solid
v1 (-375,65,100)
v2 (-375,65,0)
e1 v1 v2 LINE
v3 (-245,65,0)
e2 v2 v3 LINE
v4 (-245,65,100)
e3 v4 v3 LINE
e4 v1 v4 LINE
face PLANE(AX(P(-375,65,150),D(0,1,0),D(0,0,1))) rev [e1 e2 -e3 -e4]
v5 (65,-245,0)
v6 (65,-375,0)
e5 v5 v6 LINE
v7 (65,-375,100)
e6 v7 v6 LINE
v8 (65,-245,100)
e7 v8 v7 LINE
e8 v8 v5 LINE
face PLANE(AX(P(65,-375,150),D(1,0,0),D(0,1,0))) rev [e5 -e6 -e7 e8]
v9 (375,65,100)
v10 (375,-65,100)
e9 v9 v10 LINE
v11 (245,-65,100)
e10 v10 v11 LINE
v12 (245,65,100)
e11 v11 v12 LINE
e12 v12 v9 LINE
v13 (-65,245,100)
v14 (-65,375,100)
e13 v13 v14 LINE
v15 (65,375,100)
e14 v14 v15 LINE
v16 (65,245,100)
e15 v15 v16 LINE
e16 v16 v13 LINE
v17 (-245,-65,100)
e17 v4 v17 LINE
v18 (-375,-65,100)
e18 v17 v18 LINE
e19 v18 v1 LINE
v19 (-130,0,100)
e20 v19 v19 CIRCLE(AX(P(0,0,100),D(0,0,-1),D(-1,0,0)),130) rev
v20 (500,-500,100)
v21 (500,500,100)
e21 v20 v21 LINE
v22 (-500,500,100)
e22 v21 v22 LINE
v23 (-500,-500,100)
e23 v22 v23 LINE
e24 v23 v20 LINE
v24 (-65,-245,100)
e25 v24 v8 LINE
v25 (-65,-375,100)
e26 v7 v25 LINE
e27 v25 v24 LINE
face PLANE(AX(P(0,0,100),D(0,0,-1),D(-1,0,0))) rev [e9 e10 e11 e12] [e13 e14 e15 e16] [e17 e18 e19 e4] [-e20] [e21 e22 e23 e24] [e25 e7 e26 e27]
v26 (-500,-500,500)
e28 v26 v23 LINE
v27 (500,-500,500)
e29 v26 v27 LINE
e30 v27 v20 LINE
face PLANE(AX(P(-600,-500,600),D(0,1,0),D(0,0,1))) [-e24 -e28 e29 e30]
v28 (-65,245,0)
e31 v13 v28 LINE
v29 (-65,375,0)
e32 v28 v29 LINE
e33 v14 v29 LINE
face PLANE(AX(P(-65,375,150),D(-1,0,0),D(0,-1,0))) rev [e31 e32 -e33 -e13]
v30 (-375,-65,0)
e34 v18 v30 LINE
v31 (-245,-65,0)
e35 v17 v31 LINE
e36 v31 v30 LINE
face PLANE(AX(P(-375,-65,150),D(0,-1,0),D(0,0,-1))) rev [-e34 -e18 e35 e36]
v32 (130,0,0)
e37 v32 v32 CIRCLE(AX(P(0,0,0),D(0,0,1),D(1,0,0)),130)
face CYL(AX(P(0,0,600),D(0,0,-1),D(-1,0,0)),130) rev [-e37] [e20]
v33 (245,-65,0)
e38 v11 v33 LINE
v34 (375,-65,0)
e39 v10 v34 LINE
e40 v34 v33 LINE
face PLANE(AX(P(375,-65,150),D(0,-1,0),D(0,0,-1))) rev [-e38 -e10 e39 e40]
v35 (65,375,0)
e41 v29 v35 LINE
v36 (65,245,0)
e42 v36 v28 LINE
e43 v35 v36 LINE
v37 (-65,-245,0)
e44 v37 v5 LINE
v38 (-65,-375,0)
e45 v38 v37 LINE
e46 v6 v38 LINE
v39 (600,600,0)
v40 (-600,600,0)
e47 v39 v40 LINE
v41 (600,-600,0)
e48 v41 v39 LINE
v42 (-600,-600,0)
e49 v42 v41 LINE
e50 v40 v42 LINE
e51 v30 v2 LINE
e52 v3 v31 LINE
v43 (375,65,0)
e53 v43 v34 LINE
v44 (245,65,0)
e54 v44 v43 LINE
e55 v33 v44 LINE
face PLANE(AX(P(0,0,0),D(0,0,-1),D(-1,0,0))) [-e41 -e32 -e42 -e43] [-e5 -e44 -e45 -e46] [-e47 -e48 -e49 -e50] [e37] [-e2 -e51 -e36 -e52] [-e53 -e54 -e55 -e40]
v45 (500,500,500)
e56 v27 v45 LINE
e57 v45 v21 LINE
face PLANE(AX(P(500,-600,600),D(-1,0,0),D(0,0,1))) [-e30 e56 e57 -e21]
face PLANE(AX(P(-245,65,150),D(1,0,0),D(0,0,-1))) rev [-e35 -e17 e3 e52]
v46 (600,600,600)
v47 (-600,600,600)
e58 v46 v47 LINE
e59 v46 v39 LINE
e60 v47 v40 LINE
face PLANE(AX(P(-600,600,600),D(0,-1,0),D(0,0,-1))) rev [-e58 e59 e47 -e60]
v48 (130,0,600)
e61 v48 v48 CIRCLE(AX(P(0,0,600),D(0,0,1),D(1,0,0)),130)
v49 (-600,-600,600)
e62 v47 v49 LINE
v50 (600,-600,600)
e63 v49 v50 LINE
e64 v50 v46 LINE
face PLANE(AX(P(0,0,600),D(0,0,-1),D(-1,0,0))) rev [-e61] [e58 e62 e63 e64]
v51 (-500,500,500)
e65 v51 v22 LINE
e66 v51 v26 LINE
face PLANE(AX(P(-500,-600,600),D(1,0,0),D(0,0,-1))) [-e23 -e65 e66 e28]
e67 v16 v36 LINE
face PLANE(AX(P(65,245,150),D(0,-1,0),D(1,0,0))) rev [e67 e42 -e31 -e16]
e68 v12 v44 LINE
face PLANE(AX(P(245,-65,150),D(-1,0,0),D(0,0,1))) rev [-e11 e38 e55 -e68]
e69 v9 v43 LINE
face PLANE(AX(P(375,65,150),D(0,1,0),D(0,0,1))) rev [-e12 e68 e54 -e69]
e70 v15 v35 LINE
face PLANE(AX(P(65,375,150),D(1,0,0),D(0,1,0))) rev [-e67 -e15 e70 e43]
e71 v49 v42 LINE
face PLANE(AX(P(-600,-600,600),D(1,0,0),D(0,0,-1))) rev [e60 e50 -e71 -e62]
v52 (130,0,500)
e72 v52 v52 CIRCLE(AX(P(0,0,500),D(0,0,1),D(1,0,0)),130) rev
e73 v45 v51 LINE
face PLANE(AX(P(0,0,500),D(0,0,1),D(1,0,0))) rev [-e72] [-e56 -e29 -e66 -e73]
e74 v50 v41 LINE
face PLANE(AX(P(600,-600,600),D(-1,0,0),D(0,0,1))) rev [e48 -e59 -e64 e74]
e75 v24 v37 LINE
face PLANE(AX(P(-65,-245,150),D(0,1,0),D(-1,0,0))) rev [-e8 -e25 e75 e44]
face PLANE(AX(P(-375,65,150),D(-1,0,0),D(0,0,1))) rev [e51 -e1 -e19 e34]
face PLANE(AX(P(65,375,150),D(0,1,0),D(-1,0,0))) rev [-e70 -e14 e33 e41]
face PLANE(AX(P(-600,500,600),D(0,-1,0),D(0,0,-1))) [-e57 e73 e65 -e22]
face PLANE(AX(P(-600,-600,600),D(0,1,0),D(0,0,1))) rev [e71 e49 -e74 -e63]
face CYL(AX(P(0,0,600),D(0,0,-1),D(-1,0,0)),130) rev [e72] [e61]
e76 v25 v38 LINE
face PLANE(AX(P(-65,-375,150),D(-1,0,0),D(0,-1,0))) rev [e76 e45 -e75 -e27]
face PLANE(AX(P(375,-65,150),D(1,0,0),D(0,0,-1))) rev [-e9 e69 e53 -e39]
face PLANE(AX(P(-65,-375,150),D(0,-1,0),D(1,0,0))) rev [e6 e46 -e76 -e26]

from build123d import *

# Parameters (mm, degrees)
SKETCH2_W           = 1200
SKETCH2_H           = 1200
BOSS_EXTRUDE1_DEPTH = 600
SHELL1_T            = -100
SKETCH3_W           = 1200
SKETCH3_H           = 1200
BOSS_EXTRUDE2_DEPTH = 100
SKETCH4_R           = 130
CUT_EXTRUDE1_DEPTH  = 601
SKETCH5_W           = 130
SKETCH5_H           = 130
CUT_EXTRUDE2_DEPTH  = 150
CIRPATTERN2_COUNT   = 4


with BuildPart() as part:
    # Sketch2 → Boss-Extrude1 (new body)
    with BuildSketch(Plane.XY):
        Rectangle(SKETCH2_W, SKETCH2_H)
    extrude(amount=BOSS_EXTRUDE1_DEPTH)

    # Shell1
    shell1_openings = [part.faces().sort_by_distance(p)[0] for p in [
        (0, 0, 600),
    ]]
    offset(amount=SHELL1_T, openings=shell1_openings, kind=Kind.INTERSECTION)

    # Sketch3 → Boss-Extrude2 (add)
    with BuildSketch(Plane.XY.offset(600)):
        Rectangle(SKETCH3_W, SKETCH3_H)
    extrude(amount=-BOSS_EXTRUDE2_DEPTH)

    # Sketch4 → Cut-Extrude1 (cut, through all)
    with BuildSketch(Plane.XY):
        Circle(SKETCH4_R)
    extrude(amount=CUT_EXTRUDE1_DEPTH, mode=Mode.SUBTRACT)

    # Sketch5 → Cut-Extrude2 (cut)
    with BuildSketch(Plane(origin=(0, 0, 0), x_dir=(-1, 0, 0), z_dir=(0, 0, -1))):
        with Locations((-310, 0)):
            Rectangle(SKETCH5_W, SKETCH5_H)
    cut_extrude2 = extrude(amount=-CUT_EXTRUDE2_DEPTH, mode=Mode.SUBTRACT)

    # CirPattern2: Cut-Extrude2 ×4 about axis
    cirpattern2_axis = Axis((0, 0, 0), (0, 0, 1))
    for i in range(1, CIRPATTERN2_COUNT):
        add(cut_extrude2.rotate(cirpattern2_axis, i * 360 / CIRPATTERN2_COUNT), mode=Mode.SUBTRACT)


solid = part.part
